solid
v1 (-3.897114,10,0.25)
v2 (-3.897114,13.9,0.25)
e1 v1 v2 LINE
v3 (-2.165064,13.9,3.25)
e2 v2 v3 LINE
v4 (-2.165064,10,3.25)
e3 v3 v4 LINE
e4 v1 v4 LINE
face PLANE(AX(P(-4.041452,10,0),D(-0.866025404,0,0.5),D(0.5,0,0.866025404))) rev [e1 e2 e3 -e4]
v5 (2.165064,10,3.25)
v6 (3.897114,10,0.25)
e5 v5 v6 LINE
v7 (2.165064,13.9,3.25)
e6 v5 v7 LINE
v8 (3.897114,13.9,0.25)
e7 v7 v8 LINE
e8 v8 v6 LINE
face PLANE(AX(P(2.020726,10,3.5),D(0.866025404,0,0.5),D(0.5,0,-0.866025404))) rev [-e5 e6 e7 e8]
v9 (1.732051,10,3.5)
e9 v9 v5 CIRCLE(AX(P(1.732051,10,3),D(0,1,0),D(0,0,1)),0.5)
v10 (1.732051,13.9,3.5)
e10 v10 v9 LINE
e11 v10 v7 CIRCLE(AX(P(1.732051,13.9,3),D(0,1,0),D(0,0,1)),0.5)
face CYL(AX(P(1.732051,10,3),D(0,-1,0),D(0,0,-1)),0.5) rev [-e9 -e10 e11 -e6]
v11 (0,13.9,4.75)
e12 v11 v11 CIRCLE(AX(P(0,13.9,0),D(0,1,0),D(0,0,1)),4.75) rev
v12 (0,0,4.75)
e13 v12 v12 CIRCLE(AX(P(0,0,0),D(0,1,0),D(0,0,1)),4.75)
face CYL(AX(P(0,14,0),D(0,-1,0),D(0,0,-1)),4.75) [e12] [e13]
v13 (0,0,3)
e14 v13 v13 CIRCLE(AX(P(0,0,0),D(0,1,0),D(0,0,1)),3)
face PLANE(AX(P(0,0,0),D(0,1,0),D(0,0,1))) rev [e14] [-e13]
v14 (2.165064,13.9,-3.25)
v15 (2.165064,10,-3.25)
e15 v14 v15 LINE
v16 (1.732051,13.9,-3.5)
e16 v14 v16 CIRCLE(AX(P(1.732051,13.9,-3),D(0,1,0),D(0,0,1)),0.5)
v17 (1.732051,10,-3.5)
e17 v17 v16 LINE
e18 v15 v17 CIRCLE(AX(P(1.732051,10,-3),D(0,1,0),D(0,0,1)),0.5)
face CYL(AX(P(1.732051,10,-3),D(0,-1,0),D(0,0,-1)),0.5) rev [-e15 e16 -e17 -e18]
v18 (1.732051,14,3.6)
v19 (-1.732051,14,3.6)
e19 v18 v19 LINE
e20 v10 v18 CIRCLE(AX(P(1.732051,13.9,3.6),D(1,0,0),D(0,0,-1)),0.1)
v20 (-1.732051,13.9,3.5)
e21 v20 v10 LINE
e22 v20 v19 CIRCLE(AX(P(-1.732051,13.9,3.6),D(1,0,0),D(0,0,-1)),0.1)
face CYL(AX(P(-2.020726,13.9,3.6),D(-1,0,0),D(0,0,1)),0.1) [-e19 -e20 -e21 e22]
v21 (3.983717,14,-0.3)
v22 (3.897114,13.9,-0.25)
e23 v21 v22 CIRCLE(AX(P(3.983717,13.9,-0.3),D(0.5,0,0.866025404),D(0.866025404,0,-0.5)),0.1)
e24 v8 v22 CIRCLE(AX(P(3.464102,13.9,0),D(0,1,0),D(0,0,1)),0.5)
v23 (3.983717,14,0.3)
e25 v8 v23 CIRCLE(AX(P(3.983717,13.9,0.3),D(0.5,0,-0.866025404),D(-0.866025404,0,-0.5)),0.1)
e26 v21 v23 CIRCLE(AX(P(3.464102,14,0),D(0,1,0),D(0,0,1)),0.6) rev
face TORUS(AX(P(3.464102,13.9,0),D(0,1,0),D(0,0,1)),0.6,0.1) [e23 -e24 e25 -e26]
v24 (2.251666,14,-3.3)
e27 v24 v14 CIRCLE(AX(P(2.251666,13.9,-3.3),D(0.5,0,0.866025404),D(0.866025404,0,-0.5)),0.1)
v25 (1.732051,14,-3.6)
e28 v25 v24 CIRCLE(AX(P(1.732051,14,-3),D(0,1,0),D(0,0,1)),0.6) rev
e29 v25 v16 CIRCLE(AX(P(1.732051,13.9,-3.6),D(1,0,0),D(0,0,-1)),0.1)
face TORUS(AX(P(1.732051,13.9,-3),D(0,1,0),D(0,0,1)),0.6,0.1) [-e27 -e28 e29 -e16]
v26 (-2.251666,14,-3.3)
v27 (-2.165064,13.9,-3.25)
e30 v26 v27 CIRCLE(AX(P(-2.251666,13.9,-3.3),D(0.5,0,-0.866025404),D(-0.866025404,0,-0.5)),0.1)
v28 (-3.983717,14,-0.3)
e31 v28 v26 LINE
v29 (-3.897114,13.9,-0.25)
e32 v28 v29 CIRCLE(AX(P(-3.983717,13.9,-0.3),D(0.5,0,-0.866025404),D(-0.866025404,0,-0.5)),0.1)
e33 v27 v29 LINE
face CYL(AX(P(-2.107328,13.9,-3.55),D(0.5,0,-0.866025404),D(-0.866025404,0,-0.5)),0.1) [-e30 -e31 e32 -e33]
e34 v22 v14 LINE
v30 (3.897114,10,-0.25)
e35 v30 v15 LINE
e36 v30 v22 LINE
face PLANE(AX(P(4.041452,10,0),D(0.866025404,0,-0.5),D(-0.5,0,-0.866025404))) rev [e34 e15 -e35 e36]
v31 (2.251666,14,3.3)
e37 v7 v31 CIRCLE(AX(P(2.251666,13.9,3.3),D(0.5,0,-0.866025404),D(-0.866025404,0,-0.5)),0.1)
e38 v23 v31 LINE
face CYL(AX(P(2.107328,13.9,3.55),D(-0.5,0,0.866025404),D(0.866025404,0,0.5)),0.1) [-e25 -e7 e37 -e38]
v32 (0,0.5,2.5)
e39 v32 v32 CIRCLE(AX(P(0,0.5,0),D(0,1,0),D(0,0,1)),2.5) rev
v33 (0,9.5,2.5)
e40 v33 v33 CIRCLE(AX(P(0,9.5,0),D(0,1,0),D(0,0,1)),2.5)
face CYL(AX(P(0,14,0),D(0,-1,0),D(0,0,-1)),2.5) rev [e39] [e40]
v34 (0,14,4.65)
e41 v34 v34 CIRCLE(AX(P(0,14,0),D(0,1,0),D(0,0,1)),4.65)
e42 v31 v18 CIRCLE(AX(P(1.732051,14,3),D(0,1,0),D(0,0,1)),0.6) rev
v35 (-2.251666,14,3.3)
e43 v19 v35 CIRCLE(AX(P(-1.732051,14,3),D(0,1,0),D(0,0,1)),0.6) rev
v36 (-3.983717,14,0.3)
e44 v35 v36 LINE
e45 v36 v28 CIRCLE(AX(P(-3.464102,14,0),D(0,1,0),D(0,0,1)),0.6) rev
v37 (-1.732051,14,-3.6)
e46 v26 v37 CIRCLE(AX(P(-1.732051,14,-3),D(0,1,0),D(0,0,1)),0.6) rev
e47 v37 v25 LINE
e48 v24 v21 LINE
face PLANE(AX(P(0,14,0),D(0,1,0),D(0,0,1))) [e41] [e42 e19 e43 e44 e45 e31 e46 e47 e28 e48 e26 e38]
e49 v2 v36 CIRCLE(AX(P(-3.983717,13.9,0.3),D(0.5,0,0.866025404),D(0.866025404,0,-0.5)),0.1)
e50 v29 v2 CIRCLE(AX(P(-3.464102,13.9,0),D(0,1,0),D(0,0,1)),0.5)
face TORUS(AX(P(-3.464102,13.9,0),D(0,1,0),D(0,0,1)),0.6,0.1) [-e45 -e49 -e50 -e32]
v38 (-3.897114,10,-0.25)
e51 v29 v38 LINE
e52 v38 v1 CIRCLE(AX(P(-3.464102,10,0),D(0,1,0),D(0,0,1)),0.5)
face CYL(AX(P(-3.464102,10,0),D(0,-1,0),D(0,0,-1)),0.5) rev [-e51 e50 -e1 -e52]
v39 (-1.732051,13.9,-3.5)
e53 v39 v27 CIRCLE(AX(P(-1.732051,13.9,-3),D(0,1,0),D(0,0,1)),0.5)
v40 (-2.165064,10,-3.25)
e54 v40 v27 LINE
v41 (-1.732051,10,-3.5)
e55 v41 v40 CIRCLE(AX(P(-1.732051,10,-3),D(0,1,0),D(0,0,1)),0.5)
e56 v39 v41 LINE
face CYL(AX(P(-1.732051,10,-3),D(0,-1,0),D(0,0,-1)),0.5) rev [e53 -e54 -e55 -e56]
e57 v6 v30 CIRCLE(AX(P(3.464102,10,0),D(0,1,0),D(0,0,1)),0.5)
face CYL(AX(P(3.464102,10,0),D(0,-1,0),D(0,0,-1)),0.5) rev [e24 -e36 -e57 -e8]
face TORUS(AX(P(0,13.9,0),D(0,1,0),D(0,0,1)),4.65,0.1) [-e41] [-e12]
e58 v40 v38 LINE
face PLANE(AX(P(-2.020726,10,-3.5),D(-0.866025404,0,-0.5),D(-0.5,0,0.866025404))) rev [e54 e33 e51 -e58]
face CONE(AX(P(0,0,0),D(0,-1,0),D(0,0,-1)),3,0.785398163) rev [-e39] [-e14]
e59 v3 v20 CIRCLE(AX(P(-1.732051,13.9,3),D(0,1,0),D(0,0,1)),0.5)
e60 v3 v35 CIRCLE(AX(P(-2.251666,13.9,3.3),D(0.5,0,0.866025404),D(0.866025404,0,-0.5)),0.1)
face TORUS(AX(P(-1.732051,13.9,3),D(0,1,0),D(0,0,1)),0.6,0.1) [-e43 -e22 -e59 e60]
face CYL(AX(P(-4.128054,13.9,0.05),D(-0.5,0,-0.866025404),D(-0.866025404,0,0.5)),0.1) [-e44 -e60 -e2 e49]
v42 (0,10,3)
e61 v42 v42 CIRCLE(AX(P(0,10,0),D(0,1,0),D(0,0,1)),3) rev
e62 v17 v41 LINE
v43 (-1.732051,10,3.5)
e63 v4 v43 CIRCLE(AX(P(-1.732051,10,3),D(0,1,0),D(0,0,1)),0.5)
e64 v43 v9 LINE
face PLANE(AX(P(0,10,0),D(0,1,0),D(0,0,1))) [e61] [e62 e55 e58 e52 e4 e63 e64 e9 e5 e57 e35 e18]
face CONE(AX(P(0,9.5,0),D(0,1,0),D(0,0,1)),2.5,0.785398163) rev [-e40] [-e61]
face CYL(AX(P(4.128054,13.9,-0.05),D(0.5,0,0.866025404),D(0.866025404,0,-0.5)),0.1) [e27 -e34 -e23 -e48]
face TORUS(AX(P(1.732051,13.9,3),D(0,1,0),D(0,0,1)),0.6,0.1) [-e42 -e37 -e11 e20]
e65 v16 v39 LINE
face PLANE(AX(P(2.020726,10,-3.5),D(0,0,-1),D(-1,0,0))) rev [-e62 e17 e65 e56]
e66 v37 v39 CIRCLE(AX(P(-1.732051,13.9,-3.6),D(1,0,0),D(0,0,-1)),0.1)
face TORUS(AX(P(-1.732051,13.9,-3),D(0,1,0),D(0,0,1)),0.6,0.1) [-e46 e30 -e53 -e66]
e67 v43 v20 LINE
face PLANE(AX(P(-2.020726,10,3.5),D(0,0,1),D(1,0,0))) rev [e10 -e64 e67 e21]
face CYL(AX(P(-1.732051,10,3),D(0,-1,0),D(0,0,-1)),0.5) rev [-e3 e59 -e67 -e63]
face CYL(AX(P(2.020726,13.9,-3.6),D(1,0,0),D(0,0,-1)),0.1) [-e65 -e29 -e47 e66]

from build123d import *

# Parameters (mm, degrees)
SKETCH1_R           = 4.75
SKETCH1_R_2         = 2.5
BOSS_EXTRUDE1_DEPTH = 14
CUT_EXTRUDE1_DEPTH  = 4
FILLET1_R           = 0.5
CHAMFER1_SIZE       = 0.5
FILLET2_R           = 0.1


with BuildPart() as part:
    # Sketch1 → Boss-Extrude1 (new body)
    with BuildSketch(Plane(origin=(0, 0, 0), x_dir=(1, 0, 0), z_dir=(0, 1, 0))):
        with Locations(Location((0, 0, 0), (0, 0, 270))):
            Circle(SKETCH1_R)
        with Locations(Location((0, 0, 0), (0, 0, 270))):
            Circle(SKETCH1_R_2, mode=Mode.SUBTRACT)
    extrude(amount=BOSS_EXTRUDE1_DEPTH)

    # Sketch2 → Cut-Extrude1 (cut)
    with BuildSketch(Plane(origin=(0, 14, 0), x_dir=(1, 0, 0), z_dir=(0, 1, 0))):
        Polygon((4.041451884, 0), (2.020725942, 3.5), (-2.020725942, 3.5), (-4.041451884, 0), (-2.020725942, -3.5), (2.020725942, -3.5), align=None)
    extrude(amount=-CUT_EXTRUDE1_DEPTH, mode=Mode.SUBTRACT)

    # Fillet1
    fillet1_edges = [part.edges().sort_by_distance(p)[0] for p in [
        (4.041451884, 12, 0),
        (2.020725942, 12, 3.5),
        (-2.020725942, 12, 3.5),
        (-4.041451884, 12, 0),
        (-2.020725942, 12, -3.5),
        (2.020725942, 12, -3.5),
    ]]
    fillet(fillet1_edges, radius=FILLET1_R)

    # Chamfer1
    chamfer1_edges = [part.edges().sort_by_distance(p)[0] for p in [
        (0, 10, -2.5),
        (0, 0, -2.5),
    ]]
    chamfer(chamfer1_edges, length=CHAMFER1_SIZE)

    # Fillet2
    fillet2_edges = [part.edges().sort_by_distance(p)[0] for p in [
        (3.031088913, 14, 1.75),
        (0, 14, 3.5),
        (-3.031088913, 14, 1.75),
        (0, 14, -4.75),
        (-3.031088913, 14, -1.75),
        (3.031088913, 14, -1.75),
        (0, 14, -3.5),
        (1.982050808, 14, 3.433012702),
        (-1.982050808, 14, 3.433012702),
        (-3.964101615, 14, 0),
        (3.964101615, 14, 0),
        (1.982050808, 14, -3.433012702),
        (-1.982050808, 14, -3.433012702),
    ]]
    fillet(fillet2_edges, radius=FILLET2_R)


solid = part.part
